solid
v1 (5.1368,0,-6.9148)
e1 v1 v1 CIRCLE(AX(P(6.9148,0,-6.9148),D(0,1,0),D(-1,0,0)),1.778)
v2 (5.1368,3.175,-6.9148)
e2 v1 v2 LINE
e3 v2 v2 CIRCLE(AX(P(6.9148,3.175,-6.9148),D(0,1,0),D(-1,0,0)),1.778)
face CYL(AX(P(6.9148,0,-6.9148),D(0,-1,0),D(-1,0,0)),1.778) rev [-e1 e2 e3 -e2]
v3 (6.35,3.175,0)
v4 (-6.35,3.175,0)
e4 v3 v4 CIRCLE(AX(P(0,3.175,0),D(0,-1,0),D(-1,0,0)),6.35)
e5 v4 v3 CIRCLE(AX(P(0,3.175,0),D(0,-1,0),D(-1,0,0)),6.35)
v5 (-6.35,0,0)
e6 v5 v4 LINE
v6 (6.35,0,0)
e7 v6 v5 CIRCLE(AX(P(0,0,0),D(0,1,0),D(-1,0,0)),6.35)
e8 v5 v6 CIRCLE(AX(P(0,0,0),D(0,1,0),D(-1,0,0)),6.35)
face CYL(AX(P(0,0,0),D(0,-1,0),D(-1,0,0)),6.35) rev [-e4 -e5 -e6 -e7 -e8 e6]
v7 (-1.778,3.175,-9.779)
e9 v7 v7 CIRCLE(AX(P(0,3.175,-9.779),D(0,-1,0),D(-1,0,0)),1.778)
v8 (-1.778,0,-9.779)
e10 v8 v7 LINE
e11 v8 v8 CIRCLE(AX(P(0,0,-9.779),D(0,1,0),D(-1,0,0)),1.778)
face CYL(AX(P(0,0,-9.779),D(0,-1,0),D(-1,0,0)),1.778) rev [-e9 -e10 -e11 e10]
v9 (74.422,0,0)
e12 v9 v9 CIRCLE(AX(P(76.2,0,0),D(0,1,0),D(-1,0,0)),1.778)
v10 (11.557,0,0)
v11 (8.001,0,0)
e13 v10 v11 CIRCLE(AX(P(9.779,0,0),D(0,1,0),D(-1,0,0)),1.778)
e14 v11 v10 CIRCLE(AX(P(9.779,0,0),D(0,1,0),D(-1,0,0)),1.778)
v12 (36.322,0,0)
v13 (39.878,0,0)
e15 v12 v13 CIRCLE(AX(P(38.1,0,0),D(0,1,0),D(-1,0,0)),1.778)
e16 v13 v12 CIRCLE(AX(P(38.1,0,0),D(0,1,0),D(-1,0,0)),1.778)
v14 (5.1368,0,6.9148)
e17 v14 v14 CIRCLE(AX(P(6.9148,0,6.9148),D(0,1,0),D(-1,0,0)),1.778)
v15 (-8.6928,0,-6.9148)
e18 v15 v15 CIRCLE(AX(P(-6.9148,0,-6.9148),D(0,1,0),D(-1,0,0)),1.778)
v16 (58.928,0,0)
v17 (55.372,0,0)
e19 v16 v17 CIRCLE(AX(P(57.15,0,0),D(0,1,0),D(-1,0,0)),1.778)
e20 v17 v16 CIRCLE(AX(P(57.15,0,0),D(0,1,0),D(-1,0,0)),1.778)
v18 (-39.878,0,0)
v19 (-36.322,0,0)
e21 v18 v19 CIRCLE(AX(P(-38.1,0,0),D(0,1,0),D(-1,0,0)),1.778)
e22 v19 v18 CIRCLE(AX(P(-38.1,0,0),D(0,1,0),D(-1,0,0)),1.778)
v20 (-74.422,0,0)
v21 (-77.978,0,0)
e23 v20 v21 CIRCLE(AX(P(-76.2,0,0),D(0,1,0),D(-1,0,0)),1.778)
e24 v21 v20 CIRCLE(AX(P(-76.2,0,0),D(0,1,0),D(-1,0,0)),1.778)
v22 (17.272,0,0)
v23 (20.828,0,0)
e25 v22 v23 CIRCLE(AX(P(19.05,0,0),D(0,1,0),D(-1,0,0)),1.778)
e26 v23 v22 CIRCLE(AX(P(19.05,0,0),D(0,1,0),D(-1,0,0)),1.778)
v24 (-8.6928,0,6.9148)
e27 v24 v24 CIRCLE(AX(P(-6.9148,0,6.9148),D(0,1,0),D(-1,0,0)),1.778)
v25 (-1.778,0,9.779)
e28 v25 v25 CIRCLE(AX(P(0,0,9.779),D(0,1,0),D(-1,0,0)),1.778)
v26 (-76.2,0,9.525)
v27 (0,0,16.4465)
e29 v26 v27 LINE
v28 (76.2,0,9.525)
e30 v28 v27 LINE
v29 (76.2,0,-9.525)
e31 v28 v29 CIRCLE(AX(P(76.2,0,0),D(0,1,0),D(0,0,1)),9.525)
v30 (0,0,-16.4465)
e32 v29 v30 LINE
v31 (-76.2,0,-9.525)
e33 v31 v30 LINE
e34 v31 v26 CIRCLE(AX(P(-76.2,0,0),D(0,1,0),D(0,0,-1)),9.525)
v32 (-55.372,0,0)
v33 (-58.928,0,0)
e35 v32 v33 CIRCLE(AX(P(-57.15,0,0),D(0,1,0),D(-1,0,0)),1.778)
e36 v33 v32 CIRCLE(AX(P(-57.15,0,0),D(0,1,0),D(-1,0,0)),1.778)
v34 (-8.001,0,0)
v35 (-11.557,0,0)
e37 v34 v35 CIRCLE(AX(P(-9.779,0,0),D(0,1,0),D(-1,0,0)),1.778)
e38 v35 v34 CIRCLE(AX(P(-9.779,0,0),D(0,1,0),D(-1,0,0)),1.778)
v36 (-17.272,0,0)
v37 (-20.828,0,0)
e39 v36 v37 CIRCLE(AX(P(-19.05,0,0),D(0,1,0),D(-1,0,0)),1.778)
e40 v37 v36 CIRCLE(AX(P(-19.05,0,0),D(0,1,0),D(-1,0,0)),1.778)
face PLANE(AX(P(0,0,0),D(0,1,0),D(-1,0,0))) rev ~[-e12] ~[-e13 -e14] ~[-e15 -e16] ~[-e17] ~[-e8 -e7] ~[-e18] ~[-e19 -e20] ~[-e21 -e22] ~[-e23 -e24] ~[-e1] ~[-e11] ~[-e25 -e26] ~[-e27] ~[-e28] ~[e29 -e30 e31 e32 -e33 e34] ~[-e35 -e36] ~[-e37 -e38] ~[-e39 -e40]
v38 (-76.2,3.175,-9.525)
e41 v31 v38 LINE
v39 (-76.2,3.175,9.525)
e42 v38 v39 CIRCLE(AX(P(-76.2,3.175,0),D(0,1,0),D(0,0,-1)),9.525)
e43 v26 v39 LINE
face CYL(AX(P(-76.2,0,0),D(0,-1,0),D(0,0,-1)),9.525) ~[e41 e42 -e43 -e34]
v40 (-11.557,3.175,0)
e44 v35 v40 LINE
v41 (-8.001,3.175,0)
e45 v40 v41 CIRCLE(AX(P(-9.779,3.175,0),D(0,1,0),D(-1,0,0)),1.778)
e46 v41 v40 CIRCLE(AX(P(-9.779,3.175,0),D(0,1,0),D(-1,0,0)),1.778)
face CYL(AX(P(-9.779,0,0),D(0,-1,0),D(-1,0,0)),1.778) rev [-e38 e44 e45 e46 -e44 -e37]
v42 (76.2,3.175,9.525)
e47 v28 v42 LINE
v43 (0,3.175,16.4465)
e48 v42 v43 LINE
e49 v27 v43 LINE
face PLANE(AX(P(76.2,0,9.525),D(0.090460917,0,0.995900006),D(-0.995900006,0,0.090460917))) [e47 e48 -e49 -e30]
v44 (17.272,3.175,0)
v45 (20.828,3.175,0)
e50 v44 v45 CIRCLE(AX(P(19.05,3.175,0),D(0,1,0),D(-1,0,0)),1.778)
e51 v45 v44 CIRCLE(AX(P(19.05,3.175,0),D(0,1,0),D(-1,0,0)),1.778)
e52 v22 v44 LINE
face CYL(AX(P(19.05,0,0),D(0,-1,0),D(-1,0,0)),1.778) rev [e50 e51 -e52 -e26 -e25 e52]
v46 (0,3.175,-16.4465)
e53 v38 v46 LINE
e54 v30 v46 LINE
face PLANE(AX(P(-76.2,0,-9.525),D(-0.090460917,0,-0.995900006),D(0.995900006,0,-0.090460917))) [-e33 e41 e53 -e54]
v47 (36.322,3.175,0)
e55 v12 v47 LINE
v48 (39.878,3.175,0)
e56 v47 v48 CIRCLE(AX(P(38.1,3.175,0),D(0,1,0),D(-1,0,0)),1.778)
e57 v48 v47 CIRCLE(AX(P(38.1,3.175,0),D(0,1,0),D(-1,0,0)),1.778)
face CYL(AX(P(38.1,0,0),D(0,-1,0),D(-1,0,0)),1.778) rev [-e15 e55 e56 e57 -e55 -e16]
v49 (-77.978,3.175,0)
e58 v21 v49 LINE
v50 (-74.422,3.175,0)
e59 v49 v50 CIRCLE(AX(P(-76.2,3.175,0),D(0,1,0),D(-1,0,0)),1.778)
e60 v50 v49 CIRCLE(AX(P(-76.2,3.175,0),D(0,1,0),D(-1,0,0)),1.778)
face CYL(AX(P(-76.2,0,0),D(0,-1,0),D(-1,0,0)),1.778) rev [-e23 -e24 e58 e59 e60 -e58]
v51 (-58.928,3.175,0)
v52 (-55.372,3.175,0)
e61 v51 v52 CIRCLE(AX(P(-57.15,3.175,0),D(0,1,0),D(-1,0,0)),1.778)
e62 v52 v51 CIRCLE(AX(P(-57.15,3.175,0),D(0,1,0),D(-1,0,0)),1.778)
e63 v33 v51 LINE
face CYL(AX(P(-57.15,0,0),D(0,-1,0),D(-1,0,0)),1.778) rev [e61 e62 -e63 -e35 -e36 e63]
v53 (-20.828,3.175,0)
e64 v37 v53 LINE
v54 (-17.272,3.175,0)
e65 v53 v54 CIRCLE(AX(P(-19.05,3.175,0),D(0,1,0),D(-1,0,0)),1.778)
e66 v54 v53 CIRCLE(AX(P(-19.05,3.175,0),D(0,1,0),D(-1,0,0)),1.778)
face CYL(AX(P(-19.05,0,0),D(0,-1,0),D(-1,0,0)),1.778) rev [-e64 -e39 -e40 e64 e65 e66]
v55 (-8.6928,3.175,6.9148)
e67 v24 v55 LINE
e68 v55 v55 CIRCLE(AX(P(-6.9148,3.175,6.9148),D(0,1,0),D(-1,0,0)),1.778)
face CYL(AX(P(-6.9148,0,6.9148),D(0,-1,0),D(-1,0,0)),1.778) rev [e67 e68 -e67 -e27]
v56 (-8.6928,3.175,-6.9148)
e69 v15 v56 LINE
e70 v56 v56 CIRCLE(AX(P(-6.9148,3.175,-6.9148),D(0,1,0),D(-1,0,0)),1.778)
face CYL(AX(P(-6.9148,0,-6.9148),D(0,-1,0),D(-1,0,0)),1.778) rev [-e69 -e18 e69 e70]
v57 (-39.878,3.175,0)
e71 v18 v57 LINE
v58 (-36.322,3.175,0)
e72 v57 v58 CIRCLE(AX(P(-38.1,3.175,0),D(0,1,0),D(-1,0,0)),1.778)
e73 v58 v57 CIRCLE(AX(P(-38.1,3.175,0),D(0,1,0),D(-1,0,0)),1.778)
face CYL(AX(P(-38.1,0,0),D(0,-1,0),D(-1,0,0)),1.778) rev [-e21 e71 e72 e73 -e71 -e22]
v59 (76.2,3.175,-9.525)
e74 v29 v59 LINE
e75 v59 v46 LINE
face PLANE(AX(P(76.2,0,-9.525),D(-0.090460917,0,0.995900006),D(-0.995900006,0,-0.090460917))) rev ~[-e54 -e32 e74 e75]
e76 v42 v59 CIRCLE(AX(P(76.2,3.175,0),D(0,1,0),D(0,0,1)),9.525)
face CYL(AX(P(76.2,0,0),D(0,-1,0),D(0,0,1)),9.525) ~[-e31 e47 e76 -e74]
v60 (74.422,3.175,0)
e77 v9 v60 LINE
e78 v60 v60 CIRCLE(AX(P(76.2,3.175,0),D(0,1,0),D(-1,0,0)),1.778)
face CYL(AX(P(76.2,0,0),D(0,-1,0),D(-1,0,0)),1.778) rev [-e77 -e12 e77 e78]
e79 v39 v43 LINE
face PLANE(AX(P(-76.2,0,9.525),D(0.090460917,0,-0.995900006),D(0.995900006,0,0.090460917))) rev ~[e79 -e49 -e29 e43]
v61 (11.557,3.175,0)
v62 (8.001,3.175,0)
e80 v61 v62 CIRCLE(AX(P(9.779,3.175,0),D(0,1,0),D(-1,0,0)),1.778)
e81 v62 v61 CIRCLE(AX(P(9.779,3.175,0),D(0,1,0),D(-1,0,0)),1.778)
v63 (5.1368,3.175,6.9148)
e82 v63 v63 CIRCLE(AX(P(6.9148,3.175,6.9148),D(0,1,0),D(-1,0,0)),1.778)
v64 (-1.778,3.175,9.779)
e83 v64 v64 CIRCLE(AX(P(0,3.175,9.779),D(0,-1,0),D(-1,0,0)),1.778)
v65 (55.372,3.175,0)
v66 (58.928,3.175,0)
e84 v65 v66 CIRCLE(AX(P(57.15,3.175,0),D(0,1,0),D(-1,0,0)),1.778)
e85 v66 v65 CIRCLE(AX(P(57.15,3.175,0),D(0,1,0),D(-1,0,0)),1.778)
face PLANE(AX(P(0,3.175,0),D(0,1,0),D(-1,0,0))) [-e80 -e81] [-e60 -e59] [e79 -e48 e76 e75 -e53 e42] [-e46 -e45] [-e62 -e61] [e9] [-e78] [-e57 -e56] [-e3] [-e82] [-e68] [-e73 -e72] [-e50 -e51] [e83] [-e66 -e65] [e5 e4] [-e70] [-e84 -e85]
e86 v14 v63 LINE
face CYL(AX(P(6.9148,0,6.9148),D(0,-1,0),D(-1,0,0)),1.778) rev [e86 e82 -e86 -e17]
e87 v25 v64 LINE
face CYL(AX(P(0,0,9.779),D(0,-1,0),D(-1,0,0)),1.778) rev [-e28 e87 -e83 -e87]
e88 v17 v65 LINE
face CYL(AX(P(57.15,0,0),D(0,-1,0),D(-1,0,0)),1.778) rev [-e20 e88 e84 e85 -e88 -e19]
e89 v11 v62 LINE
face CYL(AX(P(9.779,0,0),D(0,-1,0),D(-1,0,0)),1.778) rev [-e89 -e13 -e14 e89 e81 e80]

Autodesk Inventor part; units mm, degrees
ref_plane "YZ Plane" through (0, 0, 0) normal (1, 0, 0) x (0, 1, 0)
ref_plane "XZ Plane" through (0, 0, 0) normal (0, 1, 0) x (-1, 0, 0)
ref_plane "XY Plane" through (0, 0, 0) normal (0, 0, 1) x (1, 0, 0)
sketch "Sketch1" plane through (0, 0, 0) normal (0, 1, 0) x (-1, 0, 0)
  line L0 (0, -23.0251) -> (0, 23.0251) projected
  line L1 (0, -23.0251) -> (0, 23.0251) projected
  circle A0 centre (0, 0) radius 6.35
  circle A1 centre (0, -9.779) radius 1.778
  circle A2 centre (6.9148, -6.9148) radius 1.778
  circle A3 centre (9.779, 0) radius 1.778
  circle A4 centre (6.9148, 6.9148) radius 1.778
  circle A5 centre (0, 9.779) radius 1.778
  circle A6 centre (-6.9148, 6.9148) radius 1.778
  circle A7 centre (-9.779, 0) radius 1.778
  circle A8 centre (-6.9148, -6.9148) radius 1.778
  line L2 (0, 0) -> (-76.2, 0)
  line L3 (0, 0) -> (76.2, 0)
  circle A9 centre (76.2, 0) radius 1.778
  circle A10 centre (57.15, 0) radius 1.778
  circle A11 centre (38.1, 0) radius 1.778
  circle A12 centre (19.05, 0) radius 1.778
  circle A13 centre (-76.2, 0) radius 1.778
  circle A14 centre (-57.15, 0) radius 1.778
  circle A15 centre (-38.1, 0) radius 1.778
  circle A16 centre (-19.05, 0) radius 1.778
  arc A17 (76.2, -9.525) -> (76.2, 9.525) centre (76.2, 0) ccw
  arc A18 (76.2, -9.525) -> (76.2, 9.525) centre (76.2, 0) ccw
  line L4 (66.675, 0) -> (76.2, 0) construction
  line L5 (0, 0) -> (11.557, 0) construction
  line L6 (76.2, -9.525) -> (0, -16.4465)
  line L7 (76.2, 9.525) -> (0, 16.4465)
  line L8 (0, 0) -> (-76.2, 0)
  circle A19 centre (-76.2, 0) radius 1.778
  circle A20 centre (-57.15, 0) radius 1.778
  circle A21 centre (-38.1, 0) radius 1.778
  circle A22 centre (-19.05, 0) radius 1.778
  arc A23 (-76.2, 9.525) -> (-76.2, -9.525) centre (-76.2, 0) ccw
  arc A24 (-76.2, 9.525) -> (-76.2, -9.525) centre (-76.2, 0) ccw
  line L9 (-66.675, 0) -> (-76.2, 0) construction
  line L10 (-76.2, -9.525) -> (0, -16.4465)
  line L11 (-76.2, 9.525) -> (0, 16.4465)
  line L12 (0, 16.4465) -> (0, -16.4465)
  circle A25 centre (0, 9.779) radius 1.778
  circle A26 centre (0, -9.779) radius 1.778
  circle A27 centre (0, 0) radius 6.35
  dimension "d0" = 12.7
  dimension "d2" = 3.556
  dimension "d5" = 360
  dimension "d8" = 76.2
  dimension "d10" = 16.4465
  dimension "d11" = 16.4465
  dimension "d12" = 3.556
  dimension "d15" = 19.05
  dimension "d23" = 19.05
  dimension "d29" = 19.05
extrude "Extrusion2" add sketch "Sketch1" along normal blind 3.175
extrude "Extrusion3" cut sketch "Sketch1" along normal through all contours A1 L0 | L0 A1 | A0 L2 L0 | L0 L3 A0 | L2 A0 L0 | L0 A0 L3 | A5 L0 | L0 A5
properties part number "servoAttachment"
